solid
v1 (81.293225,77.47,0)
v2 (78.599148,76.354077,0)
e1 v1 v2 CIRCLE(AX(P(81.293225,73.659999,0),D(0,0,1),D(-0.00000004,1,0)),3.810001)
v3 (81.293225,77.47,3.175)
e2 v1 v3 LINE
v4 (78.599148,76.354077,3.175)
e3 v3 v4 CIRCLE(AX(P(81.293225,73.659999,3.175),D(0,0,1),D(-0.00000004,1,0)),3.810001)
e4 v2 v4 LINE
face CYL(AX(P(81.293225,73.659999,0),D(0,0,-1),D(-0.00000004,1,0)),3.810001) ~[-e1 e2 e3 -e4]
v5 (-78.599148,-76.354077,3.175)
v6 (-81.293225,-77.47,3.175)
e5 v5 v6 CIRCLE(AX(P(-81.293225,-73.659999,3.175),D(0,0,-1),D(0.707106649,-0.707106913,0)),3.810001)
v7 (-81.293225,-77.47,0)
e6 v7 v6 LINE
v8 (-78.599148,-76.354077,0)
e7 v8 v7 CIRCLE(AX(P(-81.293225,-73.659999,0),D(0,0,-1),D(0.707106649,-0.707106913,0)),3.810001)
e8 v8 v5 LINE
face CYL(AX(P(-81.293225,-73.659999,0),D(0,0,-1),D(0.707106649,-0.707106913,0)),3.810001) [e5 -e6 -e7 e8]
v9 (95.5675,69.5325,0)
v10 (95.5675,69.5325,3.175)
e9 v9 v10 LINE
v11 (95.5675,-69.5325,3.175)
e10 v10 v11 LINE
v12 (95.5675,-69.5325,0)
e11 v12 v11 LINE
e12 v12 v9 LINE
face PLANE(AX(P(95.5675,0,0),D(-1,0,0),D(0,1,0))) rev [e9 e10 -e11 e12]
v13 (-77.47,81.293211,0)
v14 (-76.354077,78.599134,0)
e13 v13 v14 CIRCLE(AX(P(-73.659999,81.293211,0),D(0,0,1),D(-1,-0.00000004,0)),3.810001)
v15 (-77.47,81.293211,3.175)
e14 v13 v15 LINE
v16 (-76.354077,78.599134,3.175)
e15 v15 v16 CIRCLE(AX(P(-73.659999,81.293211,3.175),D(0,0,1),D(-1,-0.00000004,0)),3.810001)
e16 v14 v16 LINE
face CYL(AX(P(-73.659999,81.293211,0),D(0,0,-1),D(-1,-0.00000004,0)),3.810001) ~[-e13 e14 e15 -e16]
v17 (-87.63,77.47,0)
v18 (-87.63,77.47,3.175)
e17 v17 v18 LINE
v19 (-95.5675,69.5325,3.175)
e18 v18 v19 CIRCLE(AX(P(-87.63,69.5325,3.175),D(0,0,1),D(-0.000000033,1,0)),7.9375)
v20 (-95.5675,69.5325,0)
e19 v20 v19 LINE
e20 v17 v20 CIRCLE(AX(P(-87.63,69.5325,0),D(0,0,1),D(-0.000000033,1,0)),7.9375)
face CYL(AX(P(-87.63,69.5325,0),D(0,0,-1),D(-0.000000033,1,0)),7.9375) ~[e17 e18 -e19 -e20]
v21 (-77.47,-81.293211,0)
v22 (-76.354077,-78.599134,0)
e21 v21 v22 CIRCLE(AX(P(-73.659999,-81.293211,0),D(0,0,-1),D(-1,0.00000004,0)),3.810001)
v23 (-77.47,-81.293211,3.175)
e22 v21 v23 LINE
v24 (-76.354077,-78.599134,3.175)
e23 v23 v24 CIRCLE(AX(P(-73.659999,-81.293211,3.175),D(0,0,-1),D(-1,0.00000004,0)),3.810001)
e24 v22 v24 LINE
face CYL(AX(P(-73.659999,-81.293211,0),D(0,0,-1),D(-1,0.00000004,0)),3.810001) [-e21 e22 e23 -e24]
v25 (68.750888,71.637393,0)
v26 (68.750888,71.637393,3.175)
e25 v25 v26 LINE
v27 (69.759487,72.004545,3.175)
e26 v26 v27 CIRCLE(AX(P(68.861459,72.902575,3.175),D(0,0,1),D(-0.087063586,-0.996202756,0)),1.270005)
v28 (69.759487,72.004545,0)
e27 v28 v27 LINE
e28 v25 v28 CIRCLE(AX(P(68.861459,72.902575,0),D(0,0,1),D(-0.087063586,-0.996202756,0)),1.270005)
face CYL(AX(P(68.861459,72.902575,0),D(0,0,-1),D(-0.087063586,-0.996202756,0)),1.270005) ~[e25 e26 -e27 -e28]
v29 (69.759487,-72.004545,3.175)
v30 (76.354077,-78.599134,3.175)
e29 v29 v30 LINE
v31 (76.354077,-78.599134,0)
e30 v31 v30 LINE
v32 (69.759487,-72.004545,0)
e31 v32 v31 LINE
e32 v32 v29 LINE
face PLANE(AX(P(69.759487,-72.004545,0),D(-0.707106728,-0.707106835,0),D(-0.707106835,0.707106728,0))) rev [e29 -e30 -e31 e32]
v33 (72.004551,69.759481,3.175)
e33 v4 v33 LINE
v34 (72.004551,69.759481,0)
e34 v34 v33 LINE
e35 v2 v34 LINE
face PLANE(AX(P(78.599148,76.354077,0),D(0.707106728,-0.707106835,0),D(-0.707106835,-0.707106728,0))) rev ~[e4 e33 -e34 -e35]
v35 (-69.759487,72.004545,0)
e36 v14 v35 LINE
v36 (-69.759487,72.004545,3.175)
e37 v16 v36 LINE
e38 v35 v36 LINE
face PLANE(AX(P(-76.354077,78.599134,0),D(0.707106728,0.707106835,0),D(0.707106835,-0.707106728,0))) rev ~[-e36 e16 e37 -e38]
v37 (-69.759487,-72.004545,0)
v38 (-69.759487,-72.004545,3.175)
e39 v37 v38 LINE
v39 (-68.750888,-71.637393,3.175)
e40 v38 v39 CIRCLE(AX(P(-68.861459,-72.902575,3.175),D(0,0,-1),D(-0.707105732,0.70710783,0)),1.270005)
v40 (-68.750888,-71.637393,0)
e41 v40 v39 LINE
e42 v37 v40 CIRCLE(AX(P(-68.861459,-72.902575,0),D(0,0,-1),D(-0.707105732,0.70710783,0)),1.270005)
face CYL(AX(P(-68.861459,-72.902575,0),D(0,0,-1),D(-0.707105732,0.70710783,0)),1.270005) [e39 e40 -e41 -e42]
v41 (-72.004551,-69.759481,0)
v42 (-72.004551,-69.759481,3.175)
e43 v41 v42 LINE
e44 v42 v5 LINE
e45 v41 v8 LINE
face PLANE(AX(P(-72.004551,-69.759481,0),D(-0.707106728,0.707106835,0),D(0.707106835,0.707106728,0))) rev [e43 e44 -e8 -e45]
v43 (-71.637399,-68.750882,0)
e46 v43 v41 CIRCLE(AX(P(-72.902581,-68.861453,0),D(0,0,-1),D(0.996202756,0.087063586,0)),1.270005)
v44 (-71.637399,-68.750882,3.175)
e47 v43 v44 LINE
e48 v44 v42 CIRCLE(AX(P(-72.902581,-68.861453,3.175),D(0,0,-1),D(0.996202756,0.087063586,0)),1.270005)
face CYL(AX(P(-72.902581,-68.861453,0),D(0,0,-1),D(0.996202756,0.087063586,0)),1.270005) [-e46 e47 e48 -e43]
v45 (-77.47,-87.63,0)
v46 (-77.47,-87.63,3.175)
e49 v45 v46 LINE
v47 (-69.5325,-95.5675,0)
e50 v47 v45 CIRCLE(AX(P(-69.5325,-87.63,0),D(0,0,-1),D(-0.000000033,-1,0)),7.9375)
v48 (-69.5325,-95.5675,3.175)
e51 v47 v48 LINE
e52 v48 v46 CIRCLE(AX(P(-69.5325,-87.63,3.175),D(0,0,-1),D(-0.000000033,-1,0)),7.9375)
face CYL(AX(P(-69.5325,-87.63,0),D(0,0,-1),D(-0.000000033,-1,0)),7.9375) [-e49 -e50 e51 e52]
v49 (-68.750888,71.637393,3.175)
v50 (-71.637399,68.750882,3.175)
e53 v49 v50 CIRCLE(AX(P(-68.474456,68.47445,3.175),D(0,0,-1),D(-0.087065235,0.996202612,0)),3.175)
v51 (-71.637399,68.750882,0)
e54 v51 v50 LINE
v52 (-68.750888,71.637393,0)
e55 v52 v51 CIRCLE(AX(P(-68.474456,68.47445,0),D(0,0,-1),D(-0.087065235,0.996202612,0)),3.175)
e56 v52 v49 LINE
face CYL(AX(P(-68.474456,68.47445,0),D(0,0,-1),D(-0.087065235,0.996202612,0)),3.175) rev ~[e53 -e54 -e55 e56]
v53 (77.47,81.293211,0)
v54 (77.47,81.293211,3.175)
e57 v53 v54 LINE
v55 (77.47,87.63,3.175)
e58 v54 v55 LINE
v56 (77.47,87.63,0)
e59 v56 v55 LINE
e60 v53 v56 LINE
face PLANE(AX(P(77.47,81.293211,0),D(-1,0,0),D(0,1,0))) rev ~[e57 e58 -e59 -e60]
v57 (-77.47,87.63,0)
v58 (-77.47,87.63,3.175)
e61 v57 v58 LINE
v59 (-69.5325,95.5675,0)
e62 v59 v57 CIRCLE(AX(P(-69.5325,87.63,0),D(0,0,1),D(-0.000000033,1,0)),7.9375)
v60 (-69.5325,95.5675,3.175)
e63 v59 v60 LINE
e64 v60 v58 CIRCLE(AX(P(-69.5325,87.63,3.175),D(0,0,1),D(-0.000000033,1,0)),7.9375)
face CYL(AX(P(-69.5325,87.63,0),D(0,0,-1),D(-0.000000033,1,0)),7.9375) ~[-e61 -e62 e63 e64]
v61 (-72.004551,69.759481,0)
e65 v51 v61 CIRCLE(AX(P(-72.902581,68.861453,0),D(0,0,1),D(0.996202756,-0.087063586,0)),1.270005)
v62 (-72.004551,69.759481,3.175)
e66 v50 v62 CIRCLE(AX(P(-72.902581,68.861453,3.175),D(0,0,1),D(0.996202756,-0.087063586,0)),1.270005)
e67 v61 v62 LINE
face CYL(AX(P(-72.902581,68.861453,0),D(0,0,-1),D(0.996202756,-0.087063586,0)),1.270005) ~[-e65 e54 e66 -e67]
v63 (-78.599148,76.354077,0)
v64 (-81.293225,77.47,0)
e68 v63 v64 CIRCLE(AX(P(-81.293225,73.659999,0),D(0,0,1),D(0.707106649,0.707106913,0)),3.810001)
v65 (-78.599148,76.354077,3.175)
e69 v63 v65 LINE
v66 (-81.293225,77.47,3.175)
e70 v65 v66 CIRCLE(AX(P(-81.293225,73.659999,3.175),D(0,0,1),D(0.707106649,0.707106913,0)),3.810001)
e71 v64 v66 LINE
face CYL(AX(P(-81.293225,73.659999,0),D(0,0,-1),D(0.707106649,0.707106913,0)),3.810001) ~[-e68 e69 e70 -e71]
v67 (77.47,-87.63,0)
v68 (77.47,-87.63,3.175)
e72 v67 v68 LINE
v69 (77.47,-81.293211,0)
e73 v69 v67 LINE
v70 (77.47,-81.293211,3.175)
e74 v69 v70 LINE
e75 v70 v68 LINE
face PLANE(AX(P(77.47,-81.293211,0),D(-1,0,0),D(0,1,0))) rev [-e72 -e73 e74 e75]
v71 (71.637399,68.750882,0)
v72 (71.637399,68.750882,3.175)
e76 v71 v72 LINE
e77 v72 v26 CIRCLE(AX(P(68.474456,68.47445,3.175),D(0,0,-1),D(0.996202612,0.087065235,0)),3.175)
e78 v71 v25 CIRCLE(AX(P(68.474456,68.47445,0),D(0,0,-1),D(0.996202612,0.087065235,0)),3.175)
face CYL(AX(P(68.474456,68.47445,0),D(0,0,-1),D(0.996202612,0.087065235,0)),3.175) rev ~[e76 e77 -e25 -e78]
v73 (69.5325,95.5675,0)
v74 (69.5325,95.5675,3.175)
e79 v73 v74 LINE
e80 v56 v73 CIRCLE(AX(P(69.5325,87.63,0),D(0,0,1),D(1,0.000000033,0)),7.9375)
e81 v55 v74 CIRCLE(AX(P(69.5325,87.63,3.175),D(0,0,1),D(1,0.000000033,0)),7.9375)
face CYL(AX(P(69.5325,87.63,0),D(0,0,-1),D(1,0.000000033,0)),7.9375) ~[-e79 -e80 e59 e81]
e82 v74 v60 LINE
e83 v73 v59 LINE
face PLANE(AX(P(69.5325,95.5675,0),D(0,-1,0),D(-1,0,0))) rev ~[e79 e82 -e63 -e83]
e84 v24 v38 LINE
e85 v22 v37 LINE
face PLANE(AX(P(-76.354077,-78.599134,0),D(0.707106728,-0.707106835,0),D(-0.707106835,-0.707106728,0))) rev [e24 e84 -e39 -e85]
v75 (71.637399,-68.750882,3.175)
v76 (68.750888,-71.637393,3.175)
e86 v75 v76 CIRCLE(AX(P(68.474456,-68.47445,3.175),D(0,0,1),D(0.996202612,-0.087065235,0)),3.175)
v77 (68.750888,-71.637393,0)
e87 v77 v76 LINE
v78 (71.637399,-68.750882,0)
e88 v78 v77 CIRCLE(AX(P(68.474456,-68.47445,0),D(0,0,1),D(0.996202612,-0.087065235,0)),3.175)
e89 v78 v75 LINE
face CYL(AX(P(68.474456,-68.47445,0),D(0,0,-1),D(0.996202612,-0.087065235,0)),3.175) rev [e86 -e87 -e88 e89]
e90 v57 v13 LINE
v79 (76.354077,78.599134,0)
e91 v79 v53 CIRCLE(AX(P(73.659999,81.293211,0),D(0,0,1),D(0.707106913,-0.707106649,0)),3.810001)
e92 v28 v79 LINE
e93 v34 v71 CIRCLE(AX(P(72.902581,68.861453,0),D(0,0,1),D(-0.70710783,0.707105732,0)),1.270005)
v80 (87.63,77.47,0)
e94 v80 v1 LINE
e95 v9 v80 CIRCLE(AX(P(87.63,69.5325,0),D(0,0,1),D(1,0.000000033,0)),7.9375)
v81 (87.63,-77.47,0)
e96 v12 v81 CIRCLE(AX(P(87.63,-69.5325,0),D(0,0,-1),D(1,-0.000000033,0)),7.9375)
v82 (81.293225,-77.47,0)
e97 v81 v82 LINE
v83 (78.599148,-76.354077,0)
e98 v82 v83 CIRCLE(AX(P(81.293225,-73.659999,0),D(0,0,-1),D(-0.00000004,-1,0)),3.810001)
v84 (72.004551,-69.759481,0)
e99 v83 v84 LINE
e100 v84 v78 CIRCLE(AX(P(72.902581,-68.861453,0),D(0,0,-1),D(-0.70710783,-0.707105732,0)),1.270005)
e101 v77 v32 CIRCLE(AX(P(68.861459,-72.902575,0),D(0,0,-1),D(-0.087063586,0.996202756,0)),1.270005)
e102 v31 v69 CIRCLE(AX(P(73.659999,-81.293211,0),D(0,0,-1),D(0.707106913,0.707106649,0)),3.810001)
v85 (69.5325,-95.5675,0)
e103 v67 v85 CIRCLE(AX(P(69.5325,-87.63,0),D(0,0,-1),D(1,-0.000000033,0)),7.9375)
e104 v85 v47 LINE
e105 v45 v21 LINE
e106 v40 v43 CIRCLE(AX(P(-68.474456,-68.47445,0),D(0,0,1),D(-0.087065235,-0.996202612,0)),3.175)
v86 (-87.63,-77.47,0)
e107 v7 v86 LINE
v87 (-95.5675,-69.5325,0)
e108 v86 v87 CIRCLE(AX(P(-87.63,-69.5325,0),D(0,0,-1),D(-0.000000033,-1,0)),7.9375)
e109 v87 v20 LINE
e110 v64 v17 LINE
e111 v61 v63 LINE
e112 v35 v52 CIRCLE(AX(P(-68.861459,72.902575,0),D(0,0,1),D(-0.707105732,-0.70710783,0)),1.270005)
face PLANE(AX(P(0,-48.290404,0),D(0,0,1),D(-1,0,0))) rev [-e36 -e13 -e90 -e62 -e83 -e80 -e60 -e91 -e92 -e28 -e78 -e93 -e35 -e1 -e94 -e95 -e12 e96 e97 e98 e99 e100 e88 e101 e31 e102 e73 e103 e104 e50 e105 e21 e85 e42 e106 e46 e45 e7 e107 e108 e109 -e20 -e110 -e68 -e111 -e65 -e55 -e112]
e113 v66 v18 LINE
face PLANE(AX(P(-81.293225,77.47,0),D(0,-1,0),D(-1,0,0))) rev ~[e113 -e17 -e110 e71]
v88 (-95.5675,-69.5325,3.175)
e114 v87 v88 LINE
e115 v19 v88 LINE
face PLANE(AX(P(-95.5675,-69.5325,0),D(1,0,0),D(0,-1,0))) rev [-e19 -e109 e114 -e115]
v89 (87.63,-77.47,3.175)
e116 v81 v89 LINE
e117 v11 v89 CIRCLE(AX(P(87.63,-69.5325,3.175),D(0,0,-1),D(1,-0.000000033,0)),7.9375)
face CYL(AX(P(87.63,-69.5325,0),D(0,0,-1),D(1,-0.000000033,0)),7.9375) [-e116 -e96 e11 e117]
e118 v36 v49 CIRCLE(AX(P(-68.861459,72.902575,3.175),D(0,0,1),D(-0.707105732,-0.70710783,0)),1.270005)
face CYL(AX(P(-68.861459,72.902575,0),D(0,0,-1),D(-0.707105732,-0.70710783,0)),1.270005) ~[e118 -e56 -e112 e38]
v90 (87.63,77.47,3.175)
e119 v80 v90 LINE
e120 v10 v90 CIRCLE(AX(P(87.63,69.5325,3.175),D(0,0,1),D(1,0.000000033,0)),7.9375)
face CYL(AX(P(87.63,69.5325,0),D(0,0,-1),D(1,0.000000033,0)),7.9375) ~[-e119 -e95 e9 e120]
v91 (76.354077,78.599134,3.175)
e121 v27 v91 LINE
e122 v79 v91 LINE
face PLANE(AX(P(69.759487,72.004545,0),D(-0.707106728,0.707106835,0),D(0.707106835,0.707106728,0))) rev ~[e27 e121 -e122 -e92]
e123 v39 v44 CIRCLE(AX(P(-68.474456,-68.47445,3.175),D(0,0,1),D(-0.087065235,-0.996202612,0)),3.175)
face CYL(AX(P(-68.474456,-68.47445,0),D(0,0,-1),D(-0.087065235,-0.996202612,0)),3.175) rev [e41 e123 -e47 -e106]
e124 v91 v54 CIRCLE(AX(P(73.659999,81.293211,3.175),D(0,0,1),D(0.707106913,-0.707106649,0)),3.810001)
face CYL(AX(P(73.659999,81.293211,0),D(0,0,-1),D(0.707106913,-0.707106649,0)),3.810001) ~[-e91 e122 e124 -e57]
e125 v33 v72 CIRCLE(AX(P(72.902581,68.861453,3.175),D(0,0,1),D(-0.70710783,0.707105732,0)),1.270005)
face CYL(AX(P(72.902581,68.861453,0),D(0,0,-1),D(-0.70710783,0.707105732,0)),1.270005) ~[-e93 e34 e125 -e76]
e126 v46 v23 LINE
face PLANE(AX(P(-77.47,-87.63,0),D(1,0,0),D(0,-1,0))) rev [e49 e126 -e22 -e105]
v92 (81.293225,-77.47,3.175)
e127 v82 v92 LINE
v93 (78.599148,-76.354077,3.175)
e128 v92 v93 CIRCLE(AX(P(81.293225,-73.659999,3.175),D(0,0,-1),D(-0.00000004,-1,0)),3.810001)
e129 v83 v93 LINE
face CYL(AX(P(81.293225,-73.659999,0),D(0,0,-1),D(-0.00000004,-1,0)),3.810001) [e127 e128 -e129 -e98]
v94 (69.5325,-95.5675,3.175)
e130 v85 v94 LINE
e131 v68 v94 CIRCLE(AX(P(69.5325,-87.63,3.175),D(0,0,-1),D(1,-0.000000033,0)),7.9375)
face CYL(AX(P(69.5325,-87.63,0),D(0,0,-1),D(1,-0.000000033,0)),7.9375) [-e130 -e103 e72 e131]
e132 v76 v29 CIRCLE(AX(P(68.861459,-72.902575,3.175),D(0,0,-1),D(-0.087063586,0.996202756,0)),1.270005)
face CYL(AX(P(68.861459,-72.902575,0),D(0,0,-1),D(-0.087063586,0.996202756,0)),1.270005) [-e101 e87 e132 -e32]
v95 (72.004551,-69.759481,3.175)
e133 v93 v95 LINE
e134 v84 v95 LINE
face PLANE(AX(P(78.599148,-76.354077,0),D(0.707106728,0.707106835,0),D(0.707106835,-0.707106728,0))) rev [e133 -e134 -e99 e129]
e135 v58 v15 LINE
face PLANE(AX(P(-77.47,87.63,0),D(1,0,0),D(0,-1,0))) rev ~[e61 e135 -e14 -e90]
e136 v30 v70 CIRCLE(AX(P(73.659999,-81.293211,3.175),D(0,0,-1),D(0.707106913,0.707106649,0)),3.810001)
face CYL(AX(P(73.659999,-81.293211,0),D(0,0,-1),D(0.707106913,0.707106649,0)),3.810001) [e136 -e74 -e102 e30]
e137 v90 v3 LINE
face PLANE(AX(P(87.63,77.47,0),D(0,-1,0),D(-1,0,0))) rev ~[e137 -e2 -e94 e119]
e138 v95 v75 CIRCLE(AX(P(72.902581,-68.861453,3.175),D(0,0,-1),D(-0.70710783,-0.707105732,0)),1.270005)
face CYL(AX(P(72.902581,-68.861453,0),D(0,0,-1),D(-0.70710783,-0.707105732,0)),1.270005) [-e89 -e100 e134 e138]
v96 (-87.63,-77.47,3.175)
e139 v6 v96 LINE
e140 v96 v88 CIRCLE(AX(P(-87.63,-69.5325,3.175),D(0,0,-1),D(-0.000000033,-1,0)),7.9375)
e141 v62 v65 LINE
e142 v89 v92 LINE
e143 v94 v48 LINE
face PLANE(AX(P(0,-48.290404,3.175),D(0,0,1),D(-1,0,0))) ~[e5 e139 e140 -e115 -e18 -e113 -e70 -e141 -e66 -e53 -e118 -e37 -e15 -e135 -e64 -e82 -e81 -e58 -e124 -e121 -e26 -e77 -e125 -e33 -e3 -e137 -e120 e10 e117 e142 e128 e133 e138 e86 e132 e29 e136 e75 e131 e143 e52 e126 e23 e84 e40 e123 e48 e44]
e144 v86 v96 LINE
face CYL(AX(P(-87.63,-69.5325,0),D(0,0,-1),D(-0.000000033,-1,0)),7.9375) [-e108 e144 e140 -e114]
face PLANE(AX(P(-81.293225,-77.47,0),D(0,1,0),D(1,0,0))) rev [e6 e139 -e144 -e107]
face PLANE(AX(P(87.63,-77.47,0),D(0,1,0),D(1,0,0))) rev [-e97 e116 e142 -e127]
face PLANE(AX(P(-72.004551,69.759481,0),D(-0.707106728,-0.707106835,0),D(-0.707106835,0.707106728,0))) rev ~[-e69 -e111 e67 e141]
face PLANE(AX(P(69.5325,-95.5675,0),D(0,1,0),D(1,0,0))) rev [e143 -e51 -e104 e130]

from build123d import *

# Parameters (mm, degrees)
F1_DEPTH = 3.175


with BuildPart() as f1:
    # F0 (on Top) → F1 (new body)
    with BuildSketch(Plane.XY):
        with BuildLine():
            Line((95.5675, 0), (95.5675, 69.5325))
            ThreePointArc((95.5675, 69.5325), (93.24266, 75.14516), (87.63, 77.47))
            Line((87.63, 77.47), (81.293225, 77.47))
            ThreePointArc((81.293225, 77.47), (79.835201, 77.179981), (78.599148, 76.354077))
            Line((78.599148, 76.354077), (72.004551, 69.759481))
            ThreePointArc((72.004551, 69.759481), (71.709187, 69.295875), (71.637399, 68.750882))
            ThreePointArc((71.637399, 68.750882), (66.229392, 66.229386), (68.750888, 71.637393))
            ThreePointArc((68.750888, 71.637393), (69.295881, 71.709181), (69.759487, 72.004545))
            Line((69.759487, 72.004545), (76.354077, 78.599134))
            ThreePointArc((76.354077, 78.599134), (77.179981, 79.835187), (77.47, 81.293211))
            Line((77.47, 81.293211), (77.47, 87.63))
            ThreePointArc((77.47, 87.63), (75.14516, 93.24266), (69.5325, 95.5675))
            Line((69.5325, 95.5675), (-69.5325, 95.5675))
            ThreePointArc((-69.5325, 95.5675), (-75.14516, 93.24266), (-77.47, 87.63))
            Line((-77.47, 87.63), (-77.47, 81.293211))
            ThreePointArc((-77.47, 81.293211), (-77.179981, 79.835187), (-76.354077, 78.599134))
            Line((-76.354077, 78.599134), (-69.759487, 72.004545))
            ThreePointArc((-69.759487, 72.004545), (-69.295881, 71.709181), (-68.750888, 71.637393))
            ThreePointArc((-68.750888, 71.637393), (-66.229392, 66.229386), (-71.637399, 68.750882))
            ThreePointArc((-71.637399, 68.750882), (-71.709187, 69.295875), (-72.004551, 69.759481))
            Line((-72.004551, 69.759481), (-78.599148, 76.354077))
            ThreePointArc((-78.599148, 76.354077), (-79.835201, 77.179981), (-81.293225, 77.47))
            Line((-81.293225, 77.47), (-87.63, 77.47))
            ThreePointArc((-87.63, 77.47), (-93.24266, 75.14516), (-95.5675, 69.5325))
            Line((-95.5675, 69.5325), (-95.5675, 0))
            Line((-95.5675, 0), (95.5675, 0))
        make_face()
    extrude(amount=F1_DEPTH)

    # F2: F1 across plane


with BuildPart() as f1_1:
    add(f1.part)
    add(f1.part.mirror(Plane.XZ))


solid = f1_1.part
